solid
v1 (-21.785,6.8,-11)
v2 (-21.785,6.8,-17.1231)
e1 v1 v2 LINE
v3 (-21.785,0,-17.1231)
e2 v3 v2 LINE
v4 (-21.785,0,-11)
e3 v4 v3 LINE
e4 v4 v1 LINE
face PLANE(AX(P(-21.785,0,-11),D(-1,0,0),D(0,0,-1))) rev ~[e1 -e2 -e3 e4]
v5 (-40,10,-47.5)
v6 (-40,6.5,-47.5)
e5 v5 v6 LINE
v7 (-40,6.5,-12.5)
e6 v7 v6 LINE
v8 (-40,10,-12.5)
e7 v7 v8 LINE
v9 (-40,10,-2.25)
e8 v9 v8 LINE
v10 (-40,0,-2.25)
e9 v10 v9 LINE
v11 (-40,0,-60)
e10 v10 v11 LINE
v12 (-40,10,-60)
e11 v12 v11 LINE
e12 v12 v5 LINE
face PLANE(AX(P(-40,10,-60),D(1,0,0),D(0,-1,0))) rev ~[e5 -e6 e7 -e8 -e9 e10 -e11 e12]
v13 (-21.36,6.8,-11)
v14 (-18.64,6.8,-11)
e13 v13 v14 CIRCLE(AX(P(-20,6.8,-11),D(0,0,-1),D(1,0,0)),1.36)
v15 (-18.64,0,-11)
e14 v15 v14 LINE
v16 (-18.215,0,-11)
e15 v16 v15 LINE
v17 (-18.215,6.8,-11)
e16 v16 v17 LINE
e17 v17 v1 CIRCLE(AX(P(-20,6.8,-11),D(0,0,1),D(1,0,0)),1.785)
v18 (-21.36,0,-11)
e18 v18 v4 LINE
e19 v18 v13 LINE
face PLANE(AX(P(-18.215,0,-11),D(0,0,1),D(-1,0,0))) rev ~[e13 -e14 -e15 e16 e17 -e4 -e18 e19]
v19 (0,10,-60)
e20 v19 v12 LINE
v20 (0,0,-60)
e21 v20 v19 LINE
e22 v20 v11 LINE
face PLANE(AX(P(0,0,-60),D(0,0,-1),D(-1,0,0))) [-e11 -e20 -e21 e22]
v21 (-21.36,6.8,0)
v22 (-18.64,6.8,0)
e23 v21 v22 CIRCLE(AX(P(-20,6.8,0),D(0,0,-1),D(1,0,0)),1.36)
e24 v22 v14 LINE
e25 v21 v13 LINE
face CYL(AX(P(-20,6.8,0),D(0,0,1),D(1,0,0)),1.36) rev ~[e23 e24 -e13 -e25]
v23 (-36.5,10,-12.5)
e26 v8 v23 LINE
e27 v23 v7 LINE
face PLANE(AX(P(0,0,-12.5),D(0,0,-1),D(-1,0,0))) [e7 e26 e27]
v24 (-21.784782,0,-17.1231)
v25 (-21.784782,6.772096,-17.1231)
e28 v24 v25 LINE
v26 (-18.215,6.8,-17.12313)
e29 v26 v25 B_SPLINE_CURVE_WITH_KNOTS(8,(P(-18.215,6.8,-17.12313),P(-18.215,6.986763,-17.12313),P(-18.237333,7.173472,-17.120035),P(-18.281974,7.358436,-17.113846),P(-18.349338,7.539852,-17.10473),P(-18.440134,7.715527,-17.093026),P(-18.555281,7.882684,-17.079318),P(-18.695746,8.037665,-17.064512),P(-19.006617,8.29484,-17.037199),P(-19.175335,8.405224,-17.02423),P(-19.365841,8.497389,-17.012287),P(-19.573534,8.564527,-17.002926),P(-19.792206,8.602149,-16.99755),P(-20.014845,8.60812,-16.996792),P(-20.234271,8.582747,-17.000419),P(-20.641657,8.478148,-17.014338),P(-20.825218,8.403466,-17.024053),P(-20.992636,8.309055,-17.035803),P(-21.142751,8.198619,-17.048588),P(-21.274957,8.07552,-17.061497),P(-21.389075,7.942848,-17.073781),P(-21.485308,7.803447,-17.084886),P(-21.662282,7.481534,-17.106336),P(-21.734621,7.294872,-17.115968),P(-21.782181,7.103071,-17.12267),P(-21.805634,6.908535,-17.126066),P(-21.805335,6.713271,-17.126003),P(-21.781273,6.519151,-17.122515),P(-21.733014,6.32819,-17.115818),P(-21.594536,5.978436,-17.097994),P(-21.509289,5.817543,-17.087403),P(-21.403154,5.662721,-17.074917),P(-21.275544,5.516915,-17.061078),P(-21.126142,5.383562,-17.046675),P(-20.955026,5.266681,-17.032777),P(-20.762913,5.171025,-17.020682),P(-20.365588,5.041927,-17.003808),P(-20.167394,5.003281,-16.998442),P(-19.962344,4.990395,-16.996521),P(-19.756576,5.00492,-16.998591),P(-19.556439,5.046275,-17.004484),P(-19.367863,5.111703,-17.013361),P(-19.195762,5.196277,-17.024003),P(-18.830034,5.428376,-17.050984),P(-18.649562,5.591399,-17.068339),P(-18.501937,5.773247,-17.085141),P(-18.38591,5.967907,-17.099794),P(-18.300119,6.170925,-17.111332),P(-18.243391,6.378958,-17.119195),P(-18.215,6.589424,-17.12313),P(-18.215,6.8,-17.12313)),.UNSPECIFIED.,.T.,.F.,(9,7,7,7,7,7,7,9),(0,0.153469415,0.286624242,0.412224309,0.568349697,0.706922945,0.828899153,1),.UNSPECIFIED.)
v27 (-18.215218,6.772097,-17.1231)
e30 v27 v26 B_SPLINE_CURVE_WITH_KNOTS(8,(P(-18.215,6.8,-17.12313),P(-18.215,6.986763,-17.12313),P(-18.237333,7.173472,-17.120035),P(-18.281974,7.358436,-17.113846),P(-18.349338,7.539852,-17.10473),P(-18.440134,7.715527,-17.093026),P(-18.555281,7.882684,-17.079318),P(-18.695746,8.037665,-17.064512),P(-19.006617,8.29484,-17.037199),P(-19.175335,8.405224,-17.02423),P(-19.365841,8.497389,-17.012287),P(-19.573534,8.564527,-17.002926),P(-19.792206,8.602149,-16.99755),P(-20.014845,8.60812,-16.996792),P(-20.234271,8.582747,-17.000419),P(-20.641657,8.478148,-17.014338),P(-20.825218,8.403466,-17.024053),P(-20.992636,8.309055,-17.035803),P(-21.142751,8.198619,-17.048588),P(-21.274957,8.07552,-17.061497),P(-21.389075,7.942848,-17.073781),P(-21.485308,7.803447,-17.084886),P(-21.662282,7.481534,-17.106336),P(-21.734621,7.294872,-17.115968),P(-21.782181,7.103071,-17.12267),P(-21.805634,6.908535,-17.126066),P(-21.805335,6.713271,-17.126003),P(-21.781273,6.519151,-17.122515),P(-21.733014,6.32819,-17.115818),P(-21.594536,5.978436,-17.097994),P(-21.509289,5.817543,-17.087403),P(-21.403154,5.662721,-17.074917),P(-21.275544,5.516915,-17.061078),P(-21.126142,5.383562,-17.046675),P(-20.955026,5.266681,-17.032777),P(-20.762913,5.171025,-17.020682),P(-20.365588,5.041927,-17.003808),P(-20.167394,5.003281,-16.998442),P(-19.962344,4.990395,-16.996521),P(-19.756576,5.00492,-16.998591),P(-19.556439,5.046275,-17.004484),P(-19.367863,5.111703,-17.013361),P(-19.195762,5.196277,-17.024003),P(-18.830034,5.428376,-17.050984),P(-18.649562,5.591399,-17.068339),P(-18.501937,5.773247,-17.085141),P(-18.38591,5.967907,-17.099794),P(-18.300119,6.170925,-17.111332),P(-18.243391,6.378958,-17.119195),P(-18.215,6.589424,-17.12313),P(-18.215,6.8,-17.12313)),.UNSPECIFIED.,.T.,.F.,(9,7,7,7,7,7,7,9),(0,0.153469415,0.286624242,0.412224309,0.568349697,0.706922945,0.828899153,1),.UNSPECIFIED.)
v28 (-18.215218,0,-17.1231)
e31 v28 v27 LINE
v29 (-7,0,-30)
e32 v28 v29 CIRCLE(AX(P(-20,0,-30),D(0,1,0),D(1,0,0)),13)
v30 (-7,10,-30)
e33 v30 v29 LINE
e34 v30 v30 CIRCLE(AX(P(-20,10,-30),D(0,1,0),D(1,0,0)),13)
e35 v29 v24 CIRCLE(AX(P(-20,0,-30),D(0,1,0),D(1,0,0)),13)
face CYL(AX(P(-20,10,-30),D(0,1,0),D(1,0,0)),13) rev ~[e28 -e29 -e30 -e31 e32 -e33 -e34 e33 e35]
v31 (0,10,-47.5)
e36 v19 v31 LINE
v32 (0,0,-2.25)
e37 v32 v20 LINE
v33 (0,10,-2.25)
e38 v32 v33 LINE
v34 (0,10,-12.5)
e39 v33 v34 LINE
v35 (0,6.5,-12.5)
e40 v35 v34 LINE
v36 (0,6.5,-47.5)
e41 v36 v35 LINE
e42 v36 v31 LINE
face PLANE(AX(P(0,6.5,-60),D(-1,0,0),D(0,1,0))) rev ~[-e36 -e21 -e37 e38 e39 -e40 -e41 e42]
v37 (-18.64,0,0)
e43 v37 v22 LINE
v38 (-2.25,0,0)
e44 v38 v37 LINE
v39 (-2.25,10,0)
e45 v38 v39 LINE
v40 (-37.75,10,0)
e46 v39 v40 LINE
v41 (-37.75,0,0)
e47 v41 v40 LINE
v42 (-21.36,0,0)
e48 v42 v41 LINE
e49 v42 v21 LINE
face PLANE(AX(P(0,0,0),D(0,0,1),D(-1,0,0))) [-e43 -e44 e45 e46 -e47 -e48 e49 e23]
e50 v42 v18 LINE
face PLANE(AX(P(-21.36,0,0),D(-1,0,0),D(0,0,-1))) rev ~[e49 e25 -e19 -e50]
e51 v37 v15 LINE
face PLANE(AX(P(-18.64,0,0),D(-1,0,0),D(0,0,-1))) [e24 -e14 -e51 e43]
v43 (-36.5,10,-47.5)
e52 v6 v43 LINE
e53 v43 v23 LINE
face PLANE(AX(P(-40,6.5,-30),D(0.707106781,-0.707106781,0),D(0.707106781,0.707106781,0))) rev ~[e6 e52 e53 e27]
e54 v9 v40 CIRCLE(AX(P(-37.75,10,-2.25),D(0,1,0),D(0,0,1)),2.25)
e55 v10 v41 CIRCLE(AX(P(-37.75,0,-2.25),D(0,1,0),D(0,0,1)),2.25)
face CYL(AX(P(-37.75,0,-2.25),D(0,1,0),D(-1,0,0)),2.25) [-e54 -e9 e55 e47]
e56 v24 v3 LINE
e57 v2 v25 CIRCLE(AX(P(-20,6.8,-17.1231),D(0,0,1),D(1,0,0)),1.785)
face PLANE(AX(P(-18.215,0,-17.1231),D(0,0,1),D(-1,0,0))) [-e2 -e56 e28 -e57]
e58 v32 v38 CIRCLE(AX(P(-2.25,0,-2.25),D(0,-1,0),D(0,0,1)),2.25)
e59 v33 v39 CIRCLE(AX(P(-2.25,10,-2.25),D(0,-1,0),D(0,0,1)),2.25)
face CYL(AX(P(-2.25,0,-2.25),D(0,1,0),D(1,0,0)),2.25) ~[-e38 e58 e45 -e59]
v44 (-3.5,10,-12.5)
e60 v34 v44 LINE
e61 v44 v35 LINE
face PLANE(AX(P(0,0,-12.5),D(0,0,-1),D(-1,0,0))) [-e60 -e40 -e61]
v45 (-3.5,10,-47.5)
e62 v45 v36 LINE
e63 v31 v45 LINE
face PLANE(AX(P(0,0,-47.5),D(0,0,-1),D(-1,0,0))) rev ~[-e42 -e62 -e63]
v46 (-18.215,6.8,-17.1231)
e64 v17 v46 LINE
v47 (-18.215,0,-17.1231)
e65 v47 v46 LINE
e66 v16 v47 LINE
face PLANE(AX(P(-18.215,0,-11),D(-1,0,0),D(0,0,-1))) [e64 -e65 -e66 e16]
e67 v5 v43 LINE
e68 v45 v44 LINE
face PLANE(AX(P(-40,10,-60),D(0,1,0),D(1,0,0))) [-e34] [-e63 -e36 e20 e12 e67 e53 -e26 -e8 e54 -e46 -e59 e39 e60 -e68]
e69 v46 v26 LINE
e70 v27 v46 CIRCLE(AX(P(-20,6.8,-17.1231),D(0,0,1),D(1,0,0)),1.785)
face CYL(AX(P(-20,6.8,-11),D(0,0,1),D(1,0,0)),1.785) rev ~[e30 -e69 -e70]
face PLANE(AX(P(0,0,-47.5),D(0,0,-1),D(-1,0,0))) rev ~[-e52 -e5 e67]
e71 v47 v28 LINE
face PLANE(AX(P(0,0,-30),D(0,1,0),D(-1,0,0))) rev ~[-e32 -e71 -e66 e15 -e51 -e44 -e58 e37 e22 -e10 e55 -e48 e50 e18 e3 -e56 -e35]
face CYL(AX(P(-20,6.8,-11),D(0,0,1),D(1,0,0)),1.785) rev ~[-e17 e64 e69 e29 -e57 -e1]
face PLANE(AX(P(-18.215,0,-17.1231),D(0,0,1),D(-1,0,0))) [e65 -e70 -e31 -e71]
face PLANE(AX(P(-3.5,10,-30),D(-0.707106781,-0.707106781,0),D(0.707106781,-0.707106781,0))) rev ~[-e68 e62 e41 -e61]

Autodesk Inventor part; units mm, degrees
ref_plane "YZ Plane" through (0, 0, 0) normal (1, 0, 0) x (0, 1, 0)
ref_plane "XZ Plane" through (0, 0, 0) normal (0, 1, 0) x (-1, 0, 0)
ref_plane "XY Plane" through (0, 0, 0) normal (0, 0, 1) x (1, 0, 0)
sketch "Sketch1" plane through (0, 0, 0) normal (0, 1, 0) x (-1, 0, 0)
  line L0 (0, 0) -> (40, 0)
  line L1 (40, 0) -> (40, -30)
  line L2 (40, -30) -> (0, -30)
  line L3 (0, 0) -> (0, -30)
  dimension "d0" = 40
  dimension "d1" = 30
extrude "Extrusion1" add sketch "Sketch1" along normal blind 10
sketch "Sketch2" plane through (0, 0, -30) normal (0, 0, -1) x (-1, 0, 0)
  line L0 (0, 0) -> (0, 10) projected
  line L1 (0, 10) -> (3.5, 10)
  line L2 (0, 10) -> (40, 10) projected
  line L3 (3.5, 10) -> (0, 6.5)
  line L4 (0, 6.5) -> (0, 10)
  line L5 (0, 10) -> (3.5, 10)
  dimension "d4" = 3.5
  dimension "d5" = 45
extrude "Extrusion2" cut sketch "Sketch2" against normal blind 17.5
sketch "Sketch3" plane through (0, 0, -30) normal (0, 0, -1) x (-1, 0, 0)
  line L0 (40, 0) -> (40, 10) projected
  line L1 (40, 10) -> (36.5, 10)
  line L2 (40, 10) -> (0, 10) projected
  line L3 (36.5, 10) -> (40, 6.5)
  line L4 (40, 6.5) -> (40, 10)
  point P0 (0, 0)
  dimension "d8" = 3.5
  dimension "d9" = 45
extrude "Extrusion3" cut sketch "Sketch3" against normal blind 17.5
sketch "Sketch4" plane through (0, 0, -30) normal (0, 0, -1) x (-1, 0, 0)
  line L0 (0, 0) -> (40, 0) projected
  line L1 (3.5, 10) -> (0, 6.5) projected
  line L2 (0, 0) -> (0, 6.5)
  line L3 (3.5, 10) -> (36.5, 10) projected
  line L4 (0, 6.5) -> (3.5, 10)
  line L5 (40, 6.5) -> (36.5, 10) projected
  line L6 (3.5, 10) -> (36.5, 10)
  line L7 (36.5, 10) -> (40, 6.5)
  line L8 (40, 0) -> (40, 10) projected
  line L9 (40, 6.5) -> (40, 0)
  line L10 (40, 0) -> (0, 0)
extrude "Extrusion4" add sketch "Sketch4" along normal blind 30
sketch "Sketch5" plane through (0, 0, -60) normal (0, 0, -1) x (-1, 0, 0)
  line L0 (36.5, 10) -> (3.5, 10) projected
  line L1 (3.5, 10) -> (0, 6.5) projected
  line L2 (3.5, 10) -> (0, 6.5)
  line L3 (0, 0) -> (0, 10) projected
  line L4 (0, 6.5) -> (0, 10)
  line L5 (0, 10) -> (3.5, 10)
  line L6 (36.5, 10) -> (40, 10) projected
  line L7 (36.5, 10) -> (40, 10)
  line L8 (40, 10) -> (40, 6.5)
  line L9 (40, 6.5) -> (36.5, 10)
extrude "Extrusion5" add sketch "Sketch5" against normal blind 12.5 contours L1 L3 L5
sketch "Sketch6" plane through (0, 0, -60) normal (0, 0, -1) x (-1, 0, 0)
  line L0 (40, 6.5) -> (36.5, 10) projected
  line L1 (40, 10) -> (0, 10) projected
  line L2 (36.5, 10) -> (40, 10)
  line L3 (40, 10) -> (40, 6.5) projected
  line L4 (40, 10) -> (40, 6.5)
  line L5 (40, 6.5) -> (36.5, 10)
  point P0 (0, 0)
extrude "Extrusion6" add sketch "Sketch6" against normal blind 12.5
fillet "Fillet1" radius 2.25 2 edges at (-40, 5, 0) (0, 5, 0)
sketch "Sketch7" plane through (0, 10, 0) normal (0, 1, 0) x (1, 0, 0)
  line L0 (-37.75, 0) -> (-2.25, 0) projected
  circle A0 centre (-20, 30) radius 13
  point P0 (0, 0)
  dimension "d21" = 26
extrude "Extrusion7" cut sketch "Sketch7" against normal blind 10
sketch "Sketch8" plane through (-37.75, 0, 0) normal (0, 0, 1) x (1, 0, 0)
  line L0 (-2.25, 10) -> (-2.25, 0) projected
  line L1 (-2.25, 10) -> (17.75, 10)
  line L2 (4.75, 10) -> (30.75, 10) projected
  line L3 (17.75, 10) -> (17.75, 6.8)
  circle A0 centre (17.75, 6.8) radius 1.36
  point P0 (37.75, 0)
  dimension "d24" = 20
  dimension "d25" = 3.2
  dimension "d26" = 2.72
extrude "Extrusion8" cut sketch "Sketch8" against normal blind 11
sketch "Sketch9" plane through (-20, 6.8, -11) normal (0, 0, 1) x (1, 0, 0)
  circle A0 centre (0, 0) radius 1.785
  point P0 (20, -6.8)
  dimension "d29" = 3.57
extrude "Extrusion9" cut sketch "Sketch9" against normal blind 10
sketch "Sketch10" plane through (0, 10, 0) normal (0, 1, 0) x (1, 0, 0)
  point P0 (0, 0)
sketch "Sketch11" plane through (0, 10, 0) normal (0, 1, 0) x (1, 0, 0)
  point P0 (0, 0)
sketch "Sketch12" plane through (0, 0, 0) normal (0, -1, 0) x (1, 0, 0)
  line L0 (-18.215, -11) -> (-18.215, -17.1231) projected
  line L1 (-18.215, -17.1231) -> (-21.785, -17.1231)
  line L2 (-21.785, -11) -> (-21.785, -17.1231) projected
  line L3 (-18.215, -11) -> (-21.785, -11) projected
  line L4 (-21.785, -11) -> (-18.215, -11)
  line L5 (-18.215, -11) -> (-18.215, -17.1231)
  point P0 (0, 0)
extrude "Extrusion10" cut sketch "Sketch12" against normal blind 6.8
sketch "Sketch13" plane through (0, 0, 0) normal (0, -1, 0) x (1, 0, 0)
  line L0 (-21.36, 0) -> (-21.36, -11) projected
  line L1 (-21.36, -11) -> (-21.36, 0)
  line L2 (-37.75, 0) -> (-2.25, 0) projected
  line L3 (-21.36, 0) -> (-18.64, 0) projected
  line L4 (-21.36, 0) -> (-18.64, 0)
  line L5 (-18.64, 0) -> (-18.64, -11) projected
  line L6 (-18.64, -11) -> (-18.64, 0)
  line L7 (-18.64, -11) -> (-21.36, -11)
  point P0 (0, 0)
extrude "Extrusion11" cut sketch "Sketch13" against normal blind 6.8
properties part number "NewSWTop"
